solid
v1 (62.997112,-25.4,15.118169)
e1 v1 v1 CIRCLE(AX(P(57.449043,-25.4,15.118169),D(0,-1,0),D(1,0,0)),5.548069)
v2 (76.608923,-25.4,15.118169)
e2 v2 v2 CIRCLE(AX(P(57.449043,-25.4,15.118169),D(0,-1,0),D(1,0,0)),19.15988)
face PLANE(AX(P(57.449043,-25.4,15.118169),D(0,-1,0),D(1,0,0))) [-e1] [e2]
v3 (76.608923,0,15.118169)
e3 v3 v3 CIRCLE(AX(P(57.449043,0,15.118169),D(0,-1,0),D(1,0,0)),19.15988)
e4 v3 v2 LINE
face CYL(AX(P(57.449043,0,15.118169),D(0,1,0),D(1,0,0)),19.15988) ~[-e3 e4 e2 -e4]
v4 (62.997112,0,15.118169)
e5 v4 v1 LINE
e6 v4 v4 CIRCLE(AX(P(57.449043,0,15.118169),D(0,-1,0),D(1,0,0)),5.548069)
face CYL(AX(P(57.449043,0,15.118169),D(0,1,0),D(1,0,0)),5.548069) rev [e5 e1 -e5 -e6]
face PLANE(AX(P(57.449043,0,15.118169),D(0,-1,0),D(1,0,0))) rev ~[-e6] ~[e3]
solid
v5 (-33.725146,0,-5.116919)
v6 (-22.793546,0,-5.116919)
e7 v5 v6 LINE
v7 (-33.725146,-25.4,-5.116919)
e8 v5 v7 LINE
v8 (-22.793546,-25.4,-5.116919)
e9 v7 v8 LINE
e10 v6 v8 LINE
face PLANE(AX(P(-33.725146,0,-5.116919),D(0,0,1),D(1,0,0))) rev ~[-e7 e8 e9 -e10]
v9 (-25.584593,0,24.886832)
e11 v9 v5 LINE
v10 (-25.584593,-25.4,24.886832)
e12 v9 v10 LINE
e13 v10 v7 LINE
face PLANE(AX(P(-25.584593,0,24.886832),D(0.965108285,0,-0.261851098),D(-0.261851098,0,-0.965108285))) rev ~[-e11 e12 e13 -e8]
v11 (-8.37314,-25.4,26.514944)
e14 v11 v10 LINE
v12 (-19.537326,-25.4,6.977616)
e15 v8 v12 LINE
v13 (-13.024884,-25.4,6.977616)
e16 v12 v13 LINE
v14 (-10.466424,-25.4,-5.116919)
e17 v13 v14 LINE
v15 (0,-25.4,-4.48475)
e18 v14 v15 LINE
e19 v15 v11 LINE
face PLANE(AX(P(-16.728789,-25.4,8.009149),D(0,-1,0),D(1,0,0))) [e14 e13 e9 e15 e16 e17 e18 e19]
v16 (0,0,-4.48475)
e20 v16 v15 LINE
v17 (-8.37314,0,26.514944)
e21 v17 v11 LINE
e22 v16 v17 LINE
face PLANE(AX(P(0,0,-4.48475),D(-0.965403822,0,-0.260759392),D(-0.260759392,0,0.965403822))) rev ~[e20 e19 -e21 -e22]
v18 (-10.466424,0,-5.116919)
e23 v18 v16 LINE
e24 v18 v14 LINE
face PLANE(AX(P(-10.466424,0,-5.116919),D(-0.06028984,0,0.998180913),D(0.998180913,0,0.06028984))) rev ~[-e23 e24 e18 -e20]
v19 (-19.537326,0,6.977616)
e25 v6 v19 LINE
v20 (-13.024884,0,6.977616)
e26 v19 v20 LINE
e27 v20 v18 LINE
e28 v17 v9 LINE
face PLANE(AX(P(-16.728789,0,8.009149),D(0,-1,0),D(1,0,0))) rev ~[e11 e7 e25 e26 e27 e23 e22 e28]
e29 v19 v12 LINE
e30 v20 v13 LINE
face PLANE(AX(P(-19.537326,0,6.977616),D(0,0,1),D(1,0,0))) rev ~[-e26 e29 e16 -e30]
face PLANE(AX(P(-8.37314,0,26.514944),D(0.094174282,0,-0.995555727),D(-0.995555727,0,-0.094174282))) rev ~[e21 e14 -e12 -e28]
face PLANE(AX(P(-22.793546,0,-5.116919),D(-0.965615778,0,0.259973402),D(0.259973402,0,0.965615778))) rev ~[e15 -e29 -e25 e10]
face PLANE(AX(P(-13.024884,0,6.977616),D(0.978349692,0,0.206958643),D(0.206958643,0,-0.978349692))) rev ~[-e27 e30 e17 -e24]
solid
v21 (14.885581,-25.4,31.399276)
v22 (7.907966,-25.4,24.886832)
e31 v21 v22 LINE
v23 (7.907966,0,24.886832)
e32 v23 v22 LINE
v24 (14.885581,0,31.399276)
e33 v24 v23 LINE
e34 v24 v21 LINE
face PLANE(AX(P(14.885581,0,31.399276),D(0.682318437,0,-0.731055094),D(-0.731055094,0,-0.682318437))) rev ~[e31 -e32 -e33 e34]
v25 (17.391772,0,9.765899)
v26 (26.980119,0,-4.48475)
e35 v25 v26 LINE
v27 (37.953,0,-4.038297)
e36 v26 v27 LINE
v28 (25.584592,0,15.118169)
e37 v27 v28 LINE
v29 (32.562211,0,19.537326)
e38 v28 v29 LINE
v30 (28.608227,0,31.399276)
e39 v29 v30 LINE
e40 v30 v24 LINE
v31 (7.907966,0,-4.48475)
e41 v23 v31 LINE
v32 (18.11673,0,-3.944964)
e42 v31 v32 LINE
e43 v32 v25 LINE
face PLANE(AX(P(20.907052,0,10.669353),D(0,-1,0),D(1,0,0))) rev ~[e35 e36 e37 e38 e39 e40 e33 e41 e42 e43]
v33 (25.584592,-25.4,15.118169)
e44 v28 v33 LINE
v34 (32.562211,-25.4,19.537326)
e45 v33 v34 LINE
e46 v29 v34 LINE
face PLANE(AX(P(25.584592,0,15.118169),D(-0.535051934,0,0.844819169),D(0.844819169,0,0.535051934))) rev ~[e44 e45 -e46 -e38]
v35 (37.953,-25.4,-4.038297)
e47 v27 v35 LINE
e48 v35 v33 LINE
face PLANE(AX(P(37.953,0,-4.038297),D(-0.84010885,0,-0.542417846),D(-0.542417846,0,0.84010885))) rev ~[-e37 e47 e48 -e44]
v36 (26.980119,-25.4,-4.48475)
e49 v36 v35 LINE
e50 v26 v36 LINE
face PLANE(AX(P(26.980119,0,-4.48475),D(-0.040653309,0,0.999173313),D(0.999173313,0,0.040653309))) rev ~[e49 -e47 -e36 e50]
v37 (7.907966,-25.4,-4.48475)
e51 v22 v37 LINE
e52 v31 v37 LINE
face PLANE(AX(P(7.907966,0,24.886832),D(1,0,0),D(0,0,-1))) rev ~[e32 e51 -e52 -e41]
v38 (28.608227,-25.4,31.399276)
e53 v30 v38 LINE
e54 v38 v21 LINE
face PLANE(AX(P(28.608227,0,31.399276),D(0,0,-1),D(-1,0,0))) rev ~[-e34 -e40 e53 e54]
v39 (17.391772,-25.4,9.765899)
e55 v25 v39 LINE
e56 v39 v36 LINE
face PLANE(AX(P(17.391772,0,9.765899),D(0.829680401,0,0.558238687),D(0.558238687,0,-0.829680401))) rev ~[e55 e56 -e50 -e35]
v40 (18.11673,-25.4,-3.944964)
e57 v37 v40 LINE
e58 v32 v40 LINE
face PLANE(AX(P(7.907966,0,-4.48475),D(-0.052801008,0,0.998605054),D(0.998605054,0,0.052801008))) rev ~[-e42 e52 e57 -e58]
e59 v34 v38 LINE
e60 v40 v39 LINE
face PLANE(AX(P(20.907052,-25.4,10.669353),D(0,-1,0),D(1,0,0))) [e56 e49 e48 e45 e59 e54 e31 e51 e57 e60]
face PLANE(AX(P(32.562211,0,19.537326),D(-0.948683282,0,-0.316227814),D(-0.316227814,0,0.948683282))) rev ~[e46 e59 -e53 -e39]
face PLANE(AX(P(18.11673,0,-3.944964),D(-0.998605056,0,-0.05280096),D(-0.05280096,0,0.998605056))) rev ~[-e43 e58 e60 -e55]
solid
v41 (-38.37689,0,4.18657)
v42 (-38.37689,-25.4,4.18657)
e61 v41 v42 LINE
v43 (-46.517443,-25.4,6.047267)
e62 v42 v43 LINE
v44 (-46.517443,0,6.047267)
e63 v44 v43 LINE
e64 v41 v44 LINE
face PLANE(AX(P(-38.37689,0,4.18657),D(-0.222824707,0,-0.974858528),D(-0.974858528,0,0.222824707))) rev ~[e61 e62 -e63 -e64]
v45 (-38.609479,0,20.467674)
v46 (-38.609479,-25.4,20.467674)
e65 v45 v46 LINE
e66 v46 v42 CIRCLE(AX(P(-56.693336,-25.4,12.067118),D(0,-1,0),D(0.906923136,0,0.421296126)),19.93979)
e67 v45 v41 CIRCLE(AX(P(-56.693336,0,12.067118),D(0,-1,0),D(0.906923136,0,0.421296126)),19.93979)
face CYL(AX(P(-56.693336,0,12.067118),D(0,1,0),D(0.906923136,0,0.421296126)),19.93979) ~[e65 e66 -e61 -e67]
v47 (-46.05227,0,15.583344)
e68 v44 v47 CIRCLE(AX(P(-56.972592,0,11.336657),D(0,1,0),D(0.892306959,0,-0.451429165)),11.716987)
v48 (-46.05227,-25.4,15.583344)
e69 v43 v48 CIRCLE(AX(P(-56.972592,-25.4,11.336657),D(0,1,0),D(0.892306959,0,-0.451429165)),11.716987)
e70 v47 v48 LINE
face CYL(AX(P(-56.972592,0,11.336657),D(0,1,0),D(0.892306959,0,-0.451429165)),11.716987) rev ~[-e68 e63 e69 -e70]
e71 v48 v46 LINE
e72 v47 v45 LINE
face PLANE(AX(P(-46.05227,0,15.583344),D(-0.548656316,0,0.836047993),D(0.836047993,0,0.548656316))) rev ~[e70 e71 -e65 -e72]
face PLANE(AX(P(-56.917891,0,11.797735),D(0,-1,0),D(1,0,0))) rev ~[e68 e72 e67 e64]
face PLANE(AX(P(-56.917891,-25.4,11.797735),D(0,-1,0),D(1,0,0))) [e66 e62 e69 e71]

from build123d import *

# Parameters (mm, degrees)
F0_R     = 19.15988
F0_R_2   = 5.548069
F1_DEPTH = 25.4


with BuildPart() as f1:
    # F0 (on Front) → F1 (new body)
    with BuildSketch(Plane.XZ):
        with BuildLine():
            Line((-46.05227, 15.583344), (-38.609479, 20.467674))
            ThreePointArc((-38.609479, 20.467674), (-76.631091, 11.782292), (-38.37689, 4.18657))
            Line((-38.37689, 4.18657), (-46.517443, 6.047267))
            ThreePointArc((-46.517443, 6.047267), (-68.675664, 11.907537), (-46.05227, 15.583344))
        make_face()
        Polygon((14.885581, 31.399276), (7.907966, 24.886832), (7.907966, -4.48475), (18.11673, -3.944964), (17.391772, 9.765899), (26.980119, -4.48475), (37.953, -4.038297), (25.584592, 15.118169), (32.562211, 19.537326), (28.608227, 31.399276), align=None)
        with Locations((57.449043, 15.118169)):
            Circle(F0_R)
        with Locations((57.449043, 15.118169)):
            Circle(F0_R_2, mode=Mode.SUBTRACT)
        Polygon((-8.37314, 26.514944), (-25.584593, 24.886832), (-33.725146, -5.116919), (-22.793546, -5.116919), (-19.537326, 6.977616), (-13.024884, 6.977616), (-10.466424, -5.116919), (0, -4.48475), align=None)
    extrude(amount=F1_DEPTH)


solid = f1.part
